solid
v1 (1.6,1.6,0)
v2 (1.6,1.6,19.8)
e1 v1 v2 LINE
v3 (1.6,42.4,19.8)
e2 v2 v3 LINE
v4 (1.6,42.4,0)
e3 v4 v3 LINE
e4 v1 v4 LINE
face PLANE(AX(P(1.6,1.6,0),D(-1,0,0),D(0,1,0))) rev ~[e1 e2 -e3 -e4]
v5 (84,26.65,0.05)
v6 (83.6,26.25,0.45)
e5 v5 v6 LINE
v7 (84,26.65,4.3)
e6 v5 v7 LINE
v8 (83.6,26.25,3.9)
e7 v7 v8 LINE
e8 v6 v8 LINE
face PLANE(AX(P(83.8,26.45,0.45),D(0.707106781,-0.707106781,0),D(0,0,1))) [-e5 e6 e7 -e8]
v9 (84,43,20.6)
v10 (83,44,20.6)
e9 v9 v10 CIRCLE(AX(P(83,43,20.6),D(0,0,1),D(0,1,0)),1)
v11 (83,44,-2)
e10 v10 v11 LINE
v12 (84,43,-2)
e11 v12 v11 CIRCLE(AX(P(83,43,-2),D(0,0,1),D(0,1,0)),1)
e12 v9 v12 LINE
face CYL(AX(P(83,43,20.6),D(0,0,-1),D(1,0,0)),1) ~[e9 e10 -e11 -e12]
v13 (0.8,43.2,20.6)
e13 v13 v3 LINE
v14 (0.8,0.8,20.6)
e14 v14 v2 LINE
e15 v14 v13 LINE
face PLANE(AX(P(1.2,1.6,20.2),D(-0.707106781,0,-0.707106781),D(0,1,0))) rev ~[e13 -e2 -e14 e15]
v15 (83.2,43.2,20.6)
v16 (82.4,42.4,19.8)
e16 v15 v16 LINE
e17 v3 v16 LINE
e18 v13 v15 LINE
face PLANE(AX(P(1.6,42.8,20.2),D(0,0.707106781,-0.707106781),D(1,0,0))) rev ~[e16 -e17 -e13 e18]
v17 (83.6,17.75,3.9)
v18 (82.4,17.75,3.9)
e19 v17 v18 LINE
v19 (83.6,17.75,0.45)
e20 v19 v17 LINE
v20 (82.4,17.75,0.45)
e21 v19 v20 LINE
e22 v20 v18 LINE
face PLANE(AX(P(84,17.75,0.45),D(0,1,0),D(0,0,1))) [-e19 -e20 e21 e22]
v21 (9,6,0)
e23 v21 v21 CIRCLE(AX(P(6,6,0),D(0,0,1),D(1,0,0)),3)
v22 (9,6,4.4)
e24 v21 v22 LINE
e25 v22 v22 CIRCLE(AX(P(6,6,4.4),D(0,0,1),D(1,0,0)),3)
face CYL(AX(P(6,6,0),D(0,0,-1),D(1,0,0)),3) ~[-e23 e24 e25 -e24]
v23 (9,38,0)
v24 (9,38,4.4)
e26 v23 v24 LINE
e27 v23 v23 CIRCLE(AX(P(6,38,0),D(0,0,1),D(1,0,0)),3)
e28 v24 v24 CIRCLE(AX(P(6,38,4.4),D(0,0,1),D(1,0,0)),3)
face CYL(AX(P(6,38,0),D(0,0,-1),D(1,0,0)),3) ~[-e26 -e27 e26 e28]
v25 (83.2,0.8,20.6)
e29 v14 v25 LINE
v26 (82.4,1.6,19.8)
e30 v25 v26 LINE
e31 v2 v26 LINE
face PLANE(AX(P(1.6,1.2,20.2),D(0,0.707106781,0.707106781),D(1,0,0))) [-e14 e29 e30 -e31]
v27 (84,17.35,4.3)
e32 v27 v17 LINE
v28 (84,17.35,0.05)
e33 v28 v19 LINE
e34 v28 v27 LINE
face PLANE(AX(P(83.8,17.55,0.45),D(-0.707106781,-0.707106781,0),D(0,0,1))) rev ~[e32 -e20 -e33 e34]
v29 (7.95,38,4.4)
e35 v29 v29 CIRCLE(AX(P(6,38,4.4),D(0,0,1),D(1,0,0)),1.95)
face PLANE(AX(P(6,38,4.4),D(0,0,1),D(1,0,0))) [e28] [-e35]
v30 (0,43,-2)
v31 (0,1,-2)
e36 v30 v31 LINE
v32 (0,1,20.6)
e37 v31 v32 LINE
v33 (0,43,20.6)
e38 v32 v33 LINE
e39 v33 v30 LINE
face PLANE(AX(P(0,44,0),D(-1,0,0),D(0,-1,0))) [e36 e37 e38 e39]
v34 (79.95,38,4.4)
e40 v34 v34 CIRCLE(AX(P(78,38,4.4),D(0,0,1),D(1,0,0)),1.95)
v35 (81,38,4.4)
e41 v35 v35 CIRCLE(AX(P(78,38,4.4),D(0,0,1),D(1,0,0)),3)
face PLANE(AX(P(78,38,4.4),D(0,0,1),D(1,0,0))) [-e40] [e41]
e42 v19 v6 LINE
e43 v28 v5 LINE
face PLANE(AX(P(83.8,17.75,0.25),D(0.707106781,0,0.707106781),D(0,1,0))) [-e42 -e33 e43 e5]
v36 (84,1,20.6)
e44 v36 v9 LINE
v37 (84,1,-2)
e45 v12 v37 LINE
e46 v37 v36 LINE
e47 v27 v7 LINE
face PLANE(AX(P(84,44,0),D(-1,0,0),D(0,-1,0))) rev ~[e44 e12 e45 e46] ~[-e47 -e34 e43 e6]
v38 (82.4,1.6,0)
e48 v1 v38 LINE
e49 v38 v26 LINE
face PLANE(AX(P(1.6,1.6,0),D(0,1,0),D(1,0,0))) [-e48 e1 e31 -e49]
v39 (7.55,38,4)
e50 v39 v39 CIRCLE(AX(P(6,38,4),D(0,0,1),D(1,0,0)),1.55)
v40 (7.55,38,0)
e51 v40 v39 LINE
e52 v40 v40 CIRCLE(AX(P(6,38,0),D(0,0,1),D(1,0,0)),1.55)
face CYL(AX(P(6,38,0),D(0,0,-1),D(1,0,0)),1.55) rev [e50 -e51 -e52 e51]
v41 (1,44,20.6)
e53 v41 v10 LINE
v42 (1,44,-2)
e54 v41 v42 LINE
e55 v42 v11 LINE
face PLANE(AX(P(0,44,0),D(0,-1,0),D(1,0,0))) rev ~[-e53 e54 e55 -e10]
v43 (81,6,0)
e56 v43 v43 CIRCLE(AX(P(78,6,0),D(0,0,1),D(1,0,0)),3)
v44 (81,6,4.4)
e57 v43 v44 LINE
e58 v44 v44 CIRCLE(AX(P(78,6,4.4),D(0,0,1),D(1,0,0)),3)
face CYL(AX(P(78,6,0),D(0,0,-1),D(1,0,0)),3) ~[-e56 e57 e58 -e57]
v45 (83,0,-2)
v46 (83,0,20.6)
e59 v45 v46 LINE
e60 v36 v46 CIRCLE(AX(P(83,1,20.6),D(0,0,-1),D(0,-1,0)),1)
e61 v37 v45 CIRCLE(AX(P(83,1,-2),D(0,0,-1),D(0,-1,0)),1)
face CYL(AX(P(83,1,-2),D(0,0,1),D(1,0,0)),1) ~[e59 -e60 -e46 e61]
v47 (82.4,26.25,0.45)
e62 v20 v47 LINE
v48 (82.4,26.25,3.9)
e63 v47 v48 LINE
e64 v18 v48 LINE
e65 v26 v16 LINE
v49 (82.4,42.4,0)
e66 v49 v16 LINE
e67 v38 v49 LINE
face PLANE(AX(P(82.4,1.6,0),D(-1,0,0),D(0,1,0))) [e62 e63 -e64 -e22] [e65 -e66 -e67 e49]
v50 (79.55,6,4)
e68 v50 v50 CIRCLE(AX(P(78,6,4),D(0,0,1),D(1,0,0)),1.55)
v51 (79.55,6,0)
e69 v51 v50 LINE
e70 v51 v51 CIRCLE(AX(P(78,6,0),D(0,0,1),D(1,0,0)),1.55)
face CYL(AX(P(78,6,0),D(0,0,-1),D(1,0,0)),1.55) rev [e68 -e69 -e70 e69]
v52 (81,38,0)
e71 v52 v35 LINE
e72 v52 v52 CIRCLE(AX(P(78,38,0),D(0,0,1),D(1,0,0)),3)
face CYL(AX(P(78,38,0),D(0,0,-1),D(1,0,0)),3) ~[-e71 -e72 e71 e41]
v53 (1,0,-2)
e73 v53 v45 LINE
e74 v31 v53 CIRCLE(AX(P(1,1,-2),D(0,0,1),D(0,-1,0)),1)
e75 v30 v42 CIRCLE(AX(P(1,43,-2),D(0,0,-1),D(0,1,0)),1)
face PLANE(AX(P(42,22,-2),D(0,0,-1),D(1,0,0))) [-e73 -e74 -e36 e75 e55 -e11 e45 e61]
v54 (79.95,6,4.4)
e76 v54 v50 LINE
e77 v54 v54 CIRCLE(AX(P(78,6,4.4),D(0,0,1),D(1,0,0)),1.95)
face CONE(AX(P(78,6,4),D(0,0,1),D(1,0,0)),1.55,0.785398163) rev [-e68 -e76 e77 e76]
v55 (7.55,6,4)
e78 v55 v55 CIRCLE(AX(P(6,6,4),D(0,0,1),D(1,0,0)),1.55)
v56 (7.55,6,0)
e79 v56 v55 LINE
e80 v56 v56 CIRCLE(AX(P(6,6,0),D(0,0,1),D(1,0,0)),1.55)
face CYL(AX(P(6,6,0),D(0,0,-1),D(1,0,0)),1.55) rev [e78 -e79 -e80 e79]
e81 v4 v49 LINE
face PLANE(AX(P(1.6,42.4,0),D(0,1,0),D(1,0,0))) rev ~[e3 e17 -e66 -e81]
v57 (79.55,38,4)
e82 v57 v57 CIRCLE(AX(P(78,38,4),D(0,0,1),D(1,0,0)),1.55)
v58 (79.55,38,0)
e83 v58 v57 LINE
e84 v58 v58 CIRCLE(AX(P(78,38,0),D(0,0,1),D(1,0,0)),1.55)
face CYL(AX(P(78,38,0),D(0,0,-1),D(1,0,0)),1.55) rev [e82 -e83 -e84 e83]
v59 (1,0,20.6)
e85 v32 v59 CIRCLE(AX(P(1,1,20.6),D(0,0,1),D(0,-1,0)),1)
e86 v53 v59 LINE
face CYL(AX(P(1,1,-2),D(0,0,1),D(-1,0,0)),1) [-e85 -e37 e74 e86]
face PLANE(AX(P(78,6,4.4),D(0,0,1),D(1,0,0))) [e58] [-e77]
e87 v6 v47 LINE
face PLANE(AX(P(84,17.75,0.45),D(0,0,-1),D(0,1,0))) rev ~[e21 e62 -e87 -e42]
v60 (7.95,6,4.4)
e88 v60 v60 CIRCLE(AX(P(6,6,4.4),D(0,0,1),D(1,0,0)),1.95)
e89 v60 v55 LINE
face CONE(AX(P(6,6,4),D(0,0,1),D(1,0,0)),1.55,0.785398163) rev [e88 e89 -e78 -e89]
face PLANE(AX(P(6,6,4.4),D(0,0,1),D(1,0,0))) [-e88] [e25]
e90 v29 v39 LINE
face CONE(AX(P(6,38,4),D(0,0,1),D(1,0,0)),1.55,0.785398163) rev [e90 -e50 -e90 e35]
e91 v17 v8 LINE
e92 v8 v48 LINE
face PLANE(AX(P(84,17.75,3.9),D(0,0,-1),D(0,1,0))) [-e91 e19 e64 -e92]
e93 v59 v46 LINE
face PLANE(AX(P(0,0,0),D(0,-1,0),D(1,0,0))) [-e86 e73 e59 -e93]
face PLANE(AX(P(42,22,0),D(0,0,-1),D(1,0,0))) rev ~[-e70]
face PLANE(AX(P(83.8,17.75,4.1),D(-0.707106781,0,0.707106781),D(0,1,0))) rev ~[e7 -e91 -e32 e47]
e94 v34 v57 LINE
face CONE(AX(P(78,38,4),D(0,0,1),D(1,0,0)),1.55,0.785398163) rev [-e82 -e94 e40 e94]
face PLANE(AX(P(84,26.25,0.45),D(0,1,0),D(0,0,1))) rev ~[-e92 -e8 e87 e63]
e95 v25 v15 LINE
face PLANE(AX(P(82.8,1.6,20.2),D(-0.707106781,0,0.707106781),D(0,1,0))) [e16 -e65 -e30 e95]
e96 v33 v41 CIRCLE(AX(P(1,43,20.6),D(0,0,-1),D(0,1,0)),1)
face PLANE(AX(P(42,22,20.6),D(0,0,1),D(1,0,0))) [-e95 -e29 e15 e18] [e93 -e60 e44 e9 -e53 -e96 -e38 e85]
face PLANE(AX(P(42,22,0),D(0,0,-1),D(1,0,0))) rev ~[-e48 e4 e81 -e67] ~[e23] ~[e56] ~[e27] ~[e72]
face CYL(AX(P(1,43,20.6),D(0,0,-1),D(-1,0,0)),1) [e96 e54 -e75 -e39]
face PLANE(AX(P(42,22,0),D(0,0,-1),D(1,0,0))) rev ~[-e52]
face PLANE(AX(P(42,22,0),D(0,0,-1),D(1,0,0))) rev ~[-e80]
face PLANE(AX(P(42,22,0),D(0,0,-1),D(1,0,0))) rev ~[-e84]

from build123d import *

# Parameters (mm, degrees)
SKETCH001_W     = 84
SKETCH001_H     = 44
SKETCH001_W_2   = 80.8
SKETCH001_H_2   = 40.8
PAD_DEPTH       = 20.6
SKETCH002_W     = 84
SKETCH002_H     = 44
PAD001_DEPTH    = 2
SKETCH003_R     = 3
SKETCH003_R_2   = 1.55
PAD002_DEPTH    = 4.4
SKETCH004_W     = 8.5
SKETCH004_H     = 3.45
POCKET_DEPTH    = 1.6
CHAMFER_SIZE    = 0.8
CHAMFER001_SIZE = 0.4
FILLET_R        = 1
CHAMFER002_SIZE = 0.4


with BuildPart() as part:
    # Sketch001 → Pad (new body)
    with BuildSketch(Plane.XY):
        with Locations((42, 22)):
            Rectangle(SKETCH001_W, SKETCH001_H)
        with Locations((42, 22)):
            Rectangle(SKETCH001_W_2, SKETCH001_H_2, mode=Mode.SUBTRACT)
    extrude(amount=PAD_DEPTH)

    # Sketch002 (on Face9 of Pad) → Pad001 (join)
    with BuildSketch(Plane(origin=(0, 0, 0), x_dir=(1, 0, 0), z_dir=(0, 0, -1))):
        with Locations((42, -22)):
            Rectangle(SKETCH002_W, SKETCH002_H)
    extrude(amount=PAD001_DEPTH)

    # Sketch003 (on Face8 of Pad001) → Pad002 (join)
    with BuildSketch(Plane.XY):
        with Locations((6, 38)):
            Circle(SKETCH003_R)
        with Locations((6, 38)):
            Circle(SKETCH003_R_2, mode=Mode.SUBTRACT)
        with Locations((78, 38)):
            Circle(SKETCH003_R)
        with Locations((78, 38)):
            Circle(SKETCH003_R_2, mode=Mode.SUBTRACT)
        with Locations((78, 6)):
            Circle(SKETCH003_R)
        with Locations((78, 6)):
            Circle(SKETCH003_R_2, mode=Mode.SUBTRACT)
        with Locations((6, 6)):
            Circle(SKETCH003_R)
        with Locations((6, 6)):
            Circle(SKETCH003_R_2, mode=Mode.SUBTRACT)
    extrude(amount=PAD002_DEPTH)

    # Sketch004 (on Face4 of Pad002) → Pocket (cut)
    with BuildSketch(Plane.YZ.offset(84)):
        with Locations((22, 2.175)):
            Rectangle(SKETCH004_W, SKETCH004_H)
    extrude(amount=-POCKET_DEPTH, mode=Mode.SUBTRACT)

    # Chamfer
    chamfer_edges = [part.edges().sort_by_distance(p)[0] for p in [
        (1.6, 22, 20.6),
        (42, 42.4, 20.6),
        (82.4, 22, 20.6),
        (42, 1.6, 20.6),
    ]]
    chamfer(chamfer_edges, length=CHAMFER_SIZE)

    # Chamfer001
    chamfer001_edges = [part.edges().sort_by_distance(p)[0] for p in [
        (4.45, 38, 4.4),
        (76.45, 38, 4.4),
        (76.45, 6, 4.4),
        (4.45, 6, 4.4),
    ]]
    chamfer(chamfer001_edges, length=CHAMFER001_SIZE)

    # Fillet
    fillet_edges = [part.edges().sort_by_distance(p)[0] for p in [
        (0, 0, 9.3),
        (84, 0, 9.3),
        (84, 44, 9.3),
        (0, 44, 9.3),
    ]]
    fillet(fillet_edges, radius=FILLET_R)

    # Chamfer002
    chamfer002_edges = [part.edges().sort_by_distance(p)[0] for p in [
        (84, 22, 3.9),
        (84, 26.25, 2.175),
        (84, 22, 0.45),
        (84, 17.75, 2.175),
    ]]
    chamfer(chamfer002_edges, length=CHAMFER002_SIZE)


solid = part.part
